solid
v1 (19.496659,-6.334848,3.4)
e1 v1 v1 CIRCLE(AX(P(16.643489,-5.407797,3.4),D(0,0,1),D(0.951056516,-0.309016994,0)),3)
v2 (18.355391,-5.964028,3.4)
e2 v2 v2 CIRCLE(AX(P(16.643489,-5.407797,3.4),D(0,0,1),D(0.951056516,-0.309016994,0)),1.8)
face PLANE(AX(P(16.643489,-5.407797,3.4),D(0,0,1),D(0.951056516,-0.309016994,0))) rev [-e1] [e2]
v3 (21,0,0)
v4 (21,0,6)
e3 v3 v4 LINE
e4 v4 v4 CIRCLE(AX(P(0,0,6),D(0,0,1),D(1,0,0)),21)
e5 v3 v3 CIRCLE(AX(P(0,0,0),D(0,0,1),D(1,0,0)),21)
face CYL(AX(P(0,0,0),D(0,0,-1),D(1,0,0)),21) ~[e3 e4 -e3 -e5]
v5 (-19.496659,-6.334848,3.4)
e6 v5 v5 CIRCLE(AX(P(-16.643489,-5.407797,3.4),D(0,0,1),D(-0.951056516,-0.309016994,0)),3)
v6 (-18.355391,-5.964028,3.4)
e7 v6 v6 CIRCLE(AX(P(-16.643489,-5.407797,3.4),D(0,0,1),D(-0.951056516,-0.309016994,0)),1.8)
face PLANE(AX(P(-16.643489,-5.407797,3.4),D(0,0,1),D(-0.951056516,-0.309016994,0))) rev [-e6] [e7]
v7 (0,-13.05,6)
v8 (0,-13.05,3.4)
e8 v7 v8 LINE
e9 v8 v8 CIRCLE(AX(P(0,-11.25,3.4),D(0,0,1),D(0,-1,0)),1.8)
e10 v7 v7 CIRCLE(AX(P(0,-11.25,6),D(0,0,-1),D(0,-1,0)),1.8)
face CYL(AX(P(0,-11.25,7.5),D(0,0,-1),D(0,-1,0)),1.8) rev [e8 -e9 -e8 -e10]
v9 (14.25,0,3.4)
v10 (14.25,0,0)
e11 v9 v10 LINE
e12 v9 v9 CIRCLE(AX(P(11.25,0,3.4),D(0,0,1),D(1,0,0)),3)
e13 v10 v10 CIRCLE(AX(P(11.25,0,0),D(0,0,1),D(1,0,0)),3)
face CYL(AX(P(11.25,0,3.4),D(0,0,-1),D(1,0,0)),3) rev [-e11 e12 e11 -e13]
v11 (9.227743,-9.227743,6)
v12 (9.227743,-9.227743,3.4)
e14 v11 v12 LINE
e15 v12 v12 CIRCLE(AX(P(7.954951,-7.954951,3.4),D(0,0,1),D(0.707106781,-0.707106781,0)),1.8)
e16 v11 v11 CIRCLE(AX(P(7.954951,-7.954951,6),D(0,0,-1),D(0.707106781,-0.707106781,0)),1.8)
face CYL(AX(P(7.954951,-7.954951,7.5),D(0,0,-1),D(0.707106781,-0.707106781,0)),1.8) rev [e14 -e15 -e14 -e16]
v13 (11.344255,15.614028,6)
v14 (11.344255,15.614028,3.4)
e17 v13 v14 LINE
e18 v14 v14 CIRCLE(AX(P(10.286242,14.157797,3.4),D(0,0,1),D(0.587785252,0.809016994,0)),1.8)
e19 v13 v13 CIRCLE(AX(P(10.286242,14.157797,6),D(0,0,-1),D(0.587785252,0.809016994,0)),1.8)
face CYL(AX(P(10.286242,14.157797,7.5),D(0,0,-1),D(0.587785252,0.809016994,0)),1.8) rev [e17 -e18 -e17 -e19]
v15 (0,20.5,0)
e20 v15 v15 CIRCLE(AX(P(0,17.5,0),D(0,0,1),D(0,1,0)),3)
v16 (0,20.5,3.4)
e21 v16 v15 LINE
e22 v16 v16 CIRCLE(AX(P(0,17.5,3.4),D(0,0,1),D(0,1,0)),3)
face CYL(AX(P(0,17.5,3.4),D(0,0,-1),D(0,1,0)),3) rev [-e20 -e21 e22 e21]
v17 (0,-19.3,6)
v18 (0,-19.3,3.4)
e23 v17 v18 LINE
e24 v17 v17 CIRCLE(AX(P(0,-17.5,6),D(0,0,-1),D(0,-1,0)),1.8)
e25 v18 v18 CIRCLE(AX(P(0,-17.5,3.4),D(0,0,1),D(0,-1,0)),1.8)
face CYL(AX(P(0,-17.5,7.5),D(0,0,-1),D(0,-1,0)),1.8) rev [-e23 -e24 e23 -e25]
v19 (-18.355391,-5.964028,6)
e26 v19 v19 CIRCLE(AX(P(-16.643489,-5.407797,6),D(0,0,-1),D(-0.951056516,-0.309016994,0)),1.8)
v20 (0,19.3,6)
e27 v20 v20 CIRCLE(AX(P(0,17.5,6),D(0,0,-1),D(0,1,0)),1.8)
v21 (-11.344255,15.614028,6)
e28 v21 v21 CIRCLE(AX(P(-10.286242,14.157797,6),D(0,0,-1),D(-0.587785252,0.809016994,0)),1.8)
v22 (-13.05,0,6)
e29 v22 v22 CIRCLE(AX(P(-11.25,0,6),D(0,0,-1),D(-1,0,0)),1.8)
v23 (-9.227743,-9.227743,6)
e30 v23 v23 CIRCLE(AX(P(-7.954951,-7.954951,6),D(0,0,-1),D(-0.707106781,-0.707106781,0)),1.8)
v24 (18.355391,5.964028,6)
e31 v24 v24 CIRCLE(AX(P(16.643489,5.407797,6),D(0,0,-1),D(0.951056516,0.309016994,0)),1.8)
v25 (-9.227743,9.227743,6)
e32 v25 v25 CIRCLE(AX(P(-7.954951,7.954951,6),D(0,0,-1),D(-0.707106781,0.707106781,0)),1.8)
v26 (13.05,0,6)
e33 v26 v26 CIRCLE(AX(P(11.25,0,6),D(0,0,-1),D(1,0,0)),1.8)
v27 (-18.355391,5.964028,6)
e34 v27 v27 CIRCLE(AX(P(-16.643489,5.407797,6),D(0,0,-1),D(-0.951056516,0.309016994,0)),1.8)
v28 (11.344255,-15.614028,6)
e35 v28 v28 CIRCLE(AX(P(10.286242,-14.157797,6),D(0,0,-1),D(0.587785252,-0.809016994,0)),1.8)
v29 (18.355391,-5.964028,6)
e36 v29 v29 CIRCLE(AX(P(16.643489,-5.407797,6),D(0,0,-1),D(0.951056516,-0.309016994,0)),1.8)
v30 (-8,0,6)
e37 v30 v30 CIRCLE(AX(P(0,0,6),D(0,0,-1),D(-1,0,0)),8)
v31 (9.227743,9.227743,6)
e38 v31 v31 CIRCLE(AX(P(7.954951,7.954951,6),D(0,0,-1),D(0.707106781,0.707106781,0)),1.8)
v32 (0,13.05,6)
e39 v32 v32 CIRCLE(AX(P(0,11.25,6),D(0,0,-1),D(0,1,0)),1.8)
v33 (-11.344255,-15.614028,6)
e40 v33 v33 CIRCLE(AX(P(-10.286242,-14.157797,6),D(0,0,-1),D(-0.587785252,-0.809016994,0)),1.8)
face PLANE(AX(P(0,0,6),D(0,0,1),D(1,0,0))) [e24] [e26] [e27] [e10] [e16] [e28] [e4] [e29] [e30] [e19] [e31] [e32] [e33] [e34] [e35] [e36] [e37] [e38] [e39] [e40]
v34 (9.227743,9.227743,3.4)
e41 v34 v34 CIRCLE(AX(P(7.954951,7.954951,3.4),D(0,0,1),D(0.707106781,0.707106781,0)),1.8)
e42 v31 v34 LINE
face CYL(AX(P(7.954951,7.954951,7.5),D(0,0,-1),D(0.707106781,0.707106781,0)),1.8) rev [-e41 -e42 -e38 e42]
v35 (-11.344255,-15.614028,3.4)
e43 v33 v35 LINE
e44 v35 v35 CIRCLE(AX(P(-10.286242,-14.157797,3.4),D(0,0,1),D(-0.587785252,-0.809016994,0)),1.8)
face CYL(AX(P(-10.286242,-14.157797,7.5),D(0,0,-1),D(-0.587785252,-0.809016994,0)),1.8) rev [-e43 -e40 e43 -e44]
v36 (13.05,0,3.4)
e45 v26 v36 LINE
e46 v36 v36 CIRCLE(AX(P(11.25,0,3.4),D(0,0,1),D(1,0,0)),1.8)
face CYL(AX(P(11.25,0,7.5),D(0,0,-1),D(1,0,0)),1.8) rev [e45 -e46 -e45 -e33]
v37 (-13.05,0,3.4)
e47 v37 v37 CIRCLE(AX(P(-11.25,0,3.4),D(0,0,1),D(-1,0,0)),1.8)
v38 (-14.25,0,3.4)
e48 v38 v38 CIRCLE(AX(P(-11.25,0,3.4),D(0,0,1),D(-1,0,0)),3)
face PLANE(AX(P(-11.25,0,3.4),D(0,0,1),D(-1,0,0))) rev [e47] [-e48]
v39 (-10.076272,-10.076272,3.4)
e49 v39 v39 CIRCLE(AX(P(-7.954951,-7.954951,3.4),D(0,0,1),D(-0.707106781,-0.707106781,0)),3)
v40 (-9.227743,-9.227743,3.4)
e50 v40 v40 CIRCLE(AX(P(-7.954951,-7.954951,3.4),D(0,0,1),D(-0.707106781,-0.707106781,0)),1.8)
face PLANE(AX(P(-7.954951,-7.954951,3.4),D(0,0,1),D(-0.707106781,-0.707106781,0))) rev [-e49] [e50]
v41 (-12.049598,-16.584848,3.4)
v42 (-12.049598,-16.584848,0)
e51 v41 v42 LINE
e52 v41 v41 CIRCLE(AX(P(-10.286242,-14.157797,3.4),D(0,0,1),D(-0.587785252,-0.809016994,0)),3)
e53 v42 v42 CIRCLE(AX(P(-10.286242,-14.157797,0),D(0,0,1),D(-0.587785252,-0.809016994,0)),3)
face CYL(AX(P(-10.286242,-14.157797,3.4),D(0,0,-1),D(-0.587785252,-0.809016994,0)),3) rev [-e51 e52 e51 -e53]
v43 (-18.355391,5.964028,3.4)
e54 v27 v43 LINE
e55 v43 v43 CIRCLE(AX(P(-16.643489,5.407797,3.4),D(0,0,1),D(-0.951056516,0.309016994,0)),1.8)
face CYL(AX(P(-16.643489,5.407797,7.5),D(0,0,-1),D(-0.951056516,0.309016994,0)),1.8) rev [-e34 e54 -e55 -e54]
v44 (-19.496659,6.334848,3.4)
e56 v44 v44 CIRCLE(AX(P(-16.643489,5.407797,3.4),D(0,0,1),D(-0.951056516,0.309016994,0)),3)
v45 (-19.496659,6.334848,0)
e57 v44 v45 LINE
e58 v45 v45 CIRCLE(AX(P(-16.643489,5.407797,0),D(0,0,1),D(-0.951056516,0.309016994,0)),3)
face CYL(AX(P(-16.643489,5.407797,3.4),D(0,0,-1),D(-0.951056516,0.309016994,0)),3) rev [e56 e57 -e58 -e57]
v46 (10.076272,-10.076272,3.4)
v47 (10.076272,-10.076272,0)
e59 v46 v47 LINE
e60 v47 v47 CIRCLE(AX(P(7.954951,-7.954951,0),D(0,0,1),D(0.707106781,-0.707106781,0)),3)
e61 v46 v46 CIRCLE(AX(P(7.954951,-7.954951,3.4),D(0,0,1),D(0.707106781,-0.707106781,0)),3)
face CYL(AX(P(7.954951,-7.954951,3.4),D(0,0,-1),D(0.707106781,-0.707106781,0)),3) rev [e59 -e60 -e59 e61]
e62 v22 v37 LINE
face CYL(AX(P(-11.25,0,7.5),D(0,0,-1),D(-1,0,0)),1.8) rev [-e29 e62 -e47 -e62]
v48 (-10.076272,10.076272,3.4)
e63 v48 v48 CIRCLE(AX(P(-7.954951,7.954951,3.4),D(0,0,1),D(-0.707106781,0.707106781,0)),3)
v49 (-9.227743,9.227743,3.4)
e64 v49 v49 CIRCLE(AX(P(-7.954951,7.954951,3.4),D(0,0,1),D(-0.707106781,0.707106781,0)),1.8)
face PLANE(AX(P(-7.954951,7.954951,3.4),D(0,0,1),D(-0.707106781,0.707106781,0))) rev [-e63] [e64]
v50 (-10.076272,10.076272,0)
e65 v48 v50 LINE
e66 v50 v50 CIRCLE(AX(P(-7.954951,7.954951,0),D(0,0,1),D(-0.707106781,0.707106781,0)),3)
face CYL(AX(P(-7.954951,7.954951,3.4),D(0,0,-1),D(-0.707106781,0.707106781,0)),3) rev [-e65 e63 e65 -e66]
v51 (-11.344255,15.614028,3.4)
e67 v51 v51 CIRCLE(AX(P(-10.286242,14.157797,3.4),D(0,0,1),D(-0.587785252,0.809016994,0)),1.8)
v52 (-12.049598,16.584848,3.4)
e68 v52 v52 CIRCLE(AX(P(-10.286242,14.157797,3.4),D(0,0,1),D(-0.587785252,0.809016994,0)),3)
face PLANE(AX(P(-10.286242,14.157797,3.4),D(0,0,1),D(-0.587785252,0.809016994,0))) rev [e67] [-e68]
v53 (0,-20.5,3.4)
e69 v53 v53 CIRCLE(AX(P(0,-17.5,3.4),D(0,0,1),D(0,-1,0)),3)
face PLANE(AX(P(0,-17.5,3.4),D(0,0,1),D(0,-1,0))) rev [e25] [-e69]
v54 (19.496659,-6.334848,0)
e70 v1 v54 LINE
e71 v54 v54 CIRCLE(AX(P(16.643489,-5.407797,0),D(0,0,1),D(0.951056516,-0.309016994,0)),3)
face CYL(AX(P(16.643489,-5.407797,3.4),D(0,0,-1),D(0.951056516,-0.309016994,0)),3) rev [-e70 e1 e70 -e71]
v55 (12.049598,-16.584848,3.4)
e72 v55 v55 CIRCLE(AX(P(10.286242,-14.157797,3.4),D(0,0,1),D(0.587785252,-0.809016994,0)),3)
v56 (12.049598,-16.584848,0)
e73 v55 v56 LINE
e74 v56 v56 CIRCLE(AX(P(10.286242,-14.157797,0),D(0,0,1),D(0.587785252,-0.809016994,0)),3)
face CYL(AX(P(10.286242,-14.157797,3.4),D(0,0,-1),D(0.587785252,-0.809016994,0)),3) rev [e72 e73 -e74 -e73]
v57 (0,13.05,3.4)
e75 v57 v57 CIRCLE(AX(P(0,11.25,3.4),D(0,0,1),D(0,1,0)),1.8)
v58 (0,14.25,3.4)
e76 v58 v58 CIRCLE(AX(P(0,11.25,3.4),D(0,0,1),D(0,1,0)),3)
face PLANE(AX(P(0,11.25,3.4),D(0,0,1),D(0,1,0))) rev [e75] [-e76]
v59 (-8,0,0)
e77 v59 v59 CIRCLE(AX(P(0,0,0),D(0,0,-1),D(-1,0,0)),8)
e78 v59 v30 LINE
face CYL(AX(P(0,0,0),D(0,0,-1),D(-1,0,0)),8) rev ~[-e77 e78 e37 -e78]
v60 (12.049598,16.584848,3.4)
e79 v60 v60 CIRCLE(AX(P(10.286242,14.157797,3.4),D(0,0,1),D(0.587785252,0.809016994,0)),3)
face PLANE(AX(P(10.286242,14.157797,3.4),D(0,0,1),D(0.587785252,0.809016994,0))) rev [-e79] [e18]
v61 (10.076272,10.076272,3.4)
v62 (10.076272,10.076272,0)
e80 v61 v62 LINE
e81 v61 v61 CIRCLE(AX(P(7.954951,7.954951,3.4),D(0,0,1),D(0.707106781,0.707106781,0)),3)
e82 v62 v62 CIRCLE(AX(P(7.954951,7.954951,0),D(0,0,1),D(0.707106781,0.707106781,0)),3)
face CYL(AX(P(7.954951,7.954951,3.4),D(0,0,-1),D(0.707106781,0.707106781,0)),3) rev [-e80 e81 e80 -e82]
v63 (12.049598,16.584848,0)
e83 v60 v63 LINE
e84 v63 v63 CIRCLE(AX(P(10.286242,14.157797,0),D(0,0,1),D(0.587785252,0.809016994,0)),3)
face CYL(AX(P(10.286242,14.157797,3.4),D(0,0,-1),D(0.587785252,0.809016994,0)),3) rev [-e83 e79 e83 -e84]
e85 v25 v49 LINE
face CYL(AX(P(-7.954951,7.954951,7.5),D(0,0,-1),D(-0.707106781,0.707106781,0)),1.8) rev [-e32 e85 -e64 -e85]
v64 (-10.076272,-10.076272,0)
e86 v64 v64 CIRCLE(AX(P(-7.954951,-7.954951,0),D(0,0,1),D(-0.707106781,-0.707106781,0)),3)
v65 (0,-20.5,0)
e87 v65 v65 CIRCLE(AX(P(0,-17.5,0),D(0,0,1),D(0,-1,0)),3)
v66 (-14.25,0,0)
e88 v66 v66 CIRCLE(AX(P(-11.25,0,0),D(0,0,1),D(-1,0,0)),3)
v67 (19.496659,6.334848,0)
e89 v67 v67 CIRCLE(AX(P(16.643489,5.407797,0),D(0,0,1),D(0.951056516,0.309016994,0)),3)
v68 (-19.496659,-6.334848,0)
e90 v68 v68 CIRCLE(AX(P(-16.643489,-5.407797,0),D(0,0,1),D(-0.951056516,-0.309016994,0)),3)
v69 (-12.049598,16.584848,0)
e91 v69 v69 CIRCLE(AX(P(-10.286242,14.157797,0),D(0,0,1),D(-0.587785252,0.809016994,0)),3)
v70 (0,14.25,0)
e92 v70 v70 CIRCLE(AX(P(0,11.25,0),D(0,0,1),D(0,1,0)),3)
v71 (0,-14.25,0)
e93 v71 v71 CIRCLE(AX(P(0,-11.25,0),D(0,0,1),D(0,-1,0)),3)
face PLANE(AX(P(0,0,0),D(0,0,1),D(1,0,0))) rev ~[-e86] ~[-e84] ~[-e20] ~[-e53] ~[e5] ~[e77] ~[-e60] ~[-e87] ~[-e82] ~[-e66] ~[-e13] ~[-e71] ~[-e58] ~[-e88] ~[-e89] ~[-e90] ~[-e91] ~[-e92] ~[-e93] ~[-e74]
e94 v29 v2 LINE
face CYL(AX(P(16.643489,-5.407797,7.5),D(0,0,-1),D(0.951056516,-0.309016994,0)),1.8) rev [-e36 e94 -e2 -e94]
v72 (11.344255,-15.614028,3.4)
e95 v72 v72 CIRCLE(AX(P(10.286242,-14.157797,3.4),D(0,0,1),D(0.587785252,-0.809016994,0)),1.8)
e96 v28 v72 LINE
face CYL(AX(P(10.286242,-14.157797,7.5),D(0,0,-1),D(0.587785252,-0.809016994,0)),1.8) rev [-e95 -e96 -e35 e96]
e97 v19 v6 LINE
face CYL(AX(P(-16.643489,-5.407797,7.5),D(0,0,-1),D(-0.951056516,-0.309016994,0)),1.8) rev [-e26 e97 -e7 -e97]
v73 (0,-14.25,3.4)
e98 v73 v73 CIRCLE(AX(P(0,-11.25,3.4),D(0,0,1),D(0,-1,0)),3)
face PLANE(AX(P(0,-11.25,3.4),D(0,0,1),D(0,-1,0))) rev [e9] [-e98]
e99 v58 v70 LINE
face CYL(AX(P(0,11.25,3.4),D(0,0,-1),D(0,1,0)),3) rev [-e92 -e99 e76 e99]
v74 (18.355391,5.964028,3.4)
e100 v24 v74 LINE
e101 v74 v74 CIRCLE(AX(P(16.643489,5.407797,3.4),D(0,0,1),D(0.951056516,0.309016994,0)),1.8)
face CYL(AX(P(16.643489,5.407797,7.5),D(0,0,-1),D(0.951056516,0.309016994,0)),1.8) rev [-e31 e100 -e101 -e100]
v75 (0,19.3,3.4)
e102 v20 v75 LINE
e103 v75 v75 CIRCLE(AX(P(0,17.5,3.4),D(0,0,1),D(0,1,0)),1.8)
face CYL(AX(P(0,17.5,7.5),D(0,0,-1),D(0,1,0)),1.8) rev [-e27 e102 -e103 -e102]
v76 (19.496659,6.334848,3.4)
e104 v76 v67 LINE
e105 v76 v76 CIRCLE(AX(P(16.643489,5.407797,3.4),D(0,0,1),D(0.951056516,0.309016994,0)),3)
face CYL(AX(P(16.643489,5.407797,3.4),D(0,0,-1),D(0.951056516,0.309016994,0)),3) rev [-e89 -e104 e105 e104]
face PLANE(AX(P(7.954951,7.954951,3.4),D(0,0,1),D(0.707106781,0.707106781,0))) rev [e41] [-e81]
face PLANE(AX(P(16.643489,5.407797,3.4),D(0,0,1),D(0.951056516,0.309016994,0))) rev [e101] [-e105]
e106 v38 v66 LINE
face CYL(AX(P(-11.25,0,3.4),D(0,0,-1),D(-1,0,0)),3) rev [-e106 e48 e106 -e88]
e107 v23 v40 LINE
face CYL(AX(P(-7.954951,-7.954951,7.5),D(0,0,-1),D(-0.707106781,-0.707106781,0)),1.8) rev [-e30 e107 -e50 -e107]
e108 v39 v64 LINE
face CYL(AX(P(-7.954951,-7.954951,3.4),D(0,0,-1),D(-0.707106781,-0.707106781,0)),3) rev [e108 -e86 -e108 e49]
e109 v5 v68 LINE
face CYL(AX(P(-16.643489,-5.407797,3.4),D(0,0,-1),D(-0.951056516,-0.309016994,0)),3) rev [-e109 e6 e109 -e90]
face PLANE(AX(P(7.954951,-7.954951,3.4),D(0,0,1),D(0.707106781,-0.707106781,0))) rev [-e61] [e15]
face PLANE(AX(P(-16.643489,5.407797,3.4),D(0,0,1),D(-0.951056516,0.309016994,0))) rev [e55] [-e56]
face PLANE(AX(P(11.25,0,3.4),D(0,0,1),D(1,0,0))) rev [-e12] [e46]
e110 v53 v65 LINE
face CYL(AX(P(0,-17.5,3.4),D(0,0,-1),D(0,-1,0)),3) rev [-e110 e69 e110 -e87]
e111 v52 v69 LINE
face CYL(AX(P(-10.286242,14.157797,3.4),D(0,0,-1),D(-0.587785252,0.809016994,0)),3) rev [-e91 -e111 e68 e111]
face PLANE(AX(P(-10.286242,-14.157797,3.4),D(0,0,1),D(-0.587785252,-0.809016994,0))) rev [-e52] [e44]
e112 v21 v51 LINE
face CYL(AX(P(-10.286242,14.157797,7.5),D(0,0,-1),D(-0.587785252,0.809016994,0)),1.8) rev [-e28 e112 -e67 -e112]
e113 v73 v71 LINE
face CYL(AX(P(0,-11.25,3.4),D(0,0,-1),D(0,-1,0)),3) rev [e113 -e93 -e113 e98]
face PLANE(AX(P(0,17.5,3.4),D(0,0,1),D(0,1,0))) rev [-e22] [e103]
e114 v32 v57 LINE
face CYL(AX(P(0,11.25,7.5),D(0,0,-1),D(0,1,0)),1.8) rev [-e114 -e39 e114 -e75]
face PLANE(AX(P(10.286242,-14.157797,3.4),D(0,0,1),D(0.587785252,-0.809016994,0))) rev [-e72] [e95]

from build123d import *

# Parameters (mm, degrees)
SKETCH_1_R               = 21
EXTRUDE_1_DEPTH          = 6
SKETCH_2_R               = 8
CUT_EXTRUDE_1_DEPTH      = 8
PATTERN_CIRCULAR_1_COUNT = 8
PATTERN_CIRCULAR_2_COUNT = 10


with BuildPart() as part:
    # 草图1 → 凸台-拉伸1 (new body)
    with BuildSketch(Plane.XY):
        Circle(SKETCH_1_R)
    extrude(amount=EXTRUDE_1_DEPTH)

    # 草图2 → 切除-拉伸1 (cut)
    with BuildSketch(Plane(origin=(0, 0, 0), x_dir=(-1, 0, 0), z_dir=(0, 0, -1))):
        Circle(SKETCH_2_R)
    extrude(amount=-CUT_EXTRUDE_1_DEPTH, mode=Mode.SUBTRACT)

    # 草图7 → 打孔尺寸(%根据)内六角圆柱头螺钉的类型1 (revolve, cut)
    with BuildSketch(Plane(origin=(0, 11.25, 0), x_dir=(0, 1, 0), z_dir=(1, 0, 0))):
        Polygon((0, 0), (0, 8.581549114), (1.8, 7.5), (1.8, 3.4), (3, 3.4), (3, 0), align=None)
    hole_wizard_1 = revolve(axis=Axis((0, 11.25, -6.35), (0, 0, 1)), mode=Mode.SUBTRACT)

    # 阵列(圆周)1: 打孔尺寸(%根据)内六角圆柱头螺钉的类型1 ×8 about axis
    pattern_circular_1_axis = Axis((0, 0, 6), (0, 0, -1))
    for i in range(1, PATTERN_CIRCULAR_1_COUNT):
        add(hole_wizard_1.rotate(pattern_circular_1_axis, i * 360 / PATTERN_CIRCULAR_1_COUNT), mode=Mode.SUBTRACT)

    # 草图13 → 打孔尺寸(%根据)内六角圆柱头螺钉的类型7 (revolve, cut)
    with BuildSketch(Plane(origin=(0, 17.5, 0), x_dir=(0, 1, 0), z_dir=(1, 0, 0))):
        Polygon((0, 0), (0, 8.581549114), (1.8, 7.5), (1.8, 3.4), (3, 3.4), (3, 0), align=None)
    hole_wizard_7 = revolve(axis=Axis((0, 17.5, -6.35), (0, 0, 1)), mode=Mode.SUBTRACT)

    # 阵列(圆周)2: 打孔尺寸(%根据)内六角圆柱头螺钉的类型7 ×10 about axis
    pattern_circular_2_axis = Axis((0, 0, 6), (0, 0, -1))
    for i in range(1, PATTERN_CIRCULAR_2_COUNT):
        add(hole_wizard_7.rotate(pattern_circular_2_axis, i * 360 / PATTERN_CIRCULAR_2_COUNT), mode=Mode.SUBTRACT)


solid = part.part
